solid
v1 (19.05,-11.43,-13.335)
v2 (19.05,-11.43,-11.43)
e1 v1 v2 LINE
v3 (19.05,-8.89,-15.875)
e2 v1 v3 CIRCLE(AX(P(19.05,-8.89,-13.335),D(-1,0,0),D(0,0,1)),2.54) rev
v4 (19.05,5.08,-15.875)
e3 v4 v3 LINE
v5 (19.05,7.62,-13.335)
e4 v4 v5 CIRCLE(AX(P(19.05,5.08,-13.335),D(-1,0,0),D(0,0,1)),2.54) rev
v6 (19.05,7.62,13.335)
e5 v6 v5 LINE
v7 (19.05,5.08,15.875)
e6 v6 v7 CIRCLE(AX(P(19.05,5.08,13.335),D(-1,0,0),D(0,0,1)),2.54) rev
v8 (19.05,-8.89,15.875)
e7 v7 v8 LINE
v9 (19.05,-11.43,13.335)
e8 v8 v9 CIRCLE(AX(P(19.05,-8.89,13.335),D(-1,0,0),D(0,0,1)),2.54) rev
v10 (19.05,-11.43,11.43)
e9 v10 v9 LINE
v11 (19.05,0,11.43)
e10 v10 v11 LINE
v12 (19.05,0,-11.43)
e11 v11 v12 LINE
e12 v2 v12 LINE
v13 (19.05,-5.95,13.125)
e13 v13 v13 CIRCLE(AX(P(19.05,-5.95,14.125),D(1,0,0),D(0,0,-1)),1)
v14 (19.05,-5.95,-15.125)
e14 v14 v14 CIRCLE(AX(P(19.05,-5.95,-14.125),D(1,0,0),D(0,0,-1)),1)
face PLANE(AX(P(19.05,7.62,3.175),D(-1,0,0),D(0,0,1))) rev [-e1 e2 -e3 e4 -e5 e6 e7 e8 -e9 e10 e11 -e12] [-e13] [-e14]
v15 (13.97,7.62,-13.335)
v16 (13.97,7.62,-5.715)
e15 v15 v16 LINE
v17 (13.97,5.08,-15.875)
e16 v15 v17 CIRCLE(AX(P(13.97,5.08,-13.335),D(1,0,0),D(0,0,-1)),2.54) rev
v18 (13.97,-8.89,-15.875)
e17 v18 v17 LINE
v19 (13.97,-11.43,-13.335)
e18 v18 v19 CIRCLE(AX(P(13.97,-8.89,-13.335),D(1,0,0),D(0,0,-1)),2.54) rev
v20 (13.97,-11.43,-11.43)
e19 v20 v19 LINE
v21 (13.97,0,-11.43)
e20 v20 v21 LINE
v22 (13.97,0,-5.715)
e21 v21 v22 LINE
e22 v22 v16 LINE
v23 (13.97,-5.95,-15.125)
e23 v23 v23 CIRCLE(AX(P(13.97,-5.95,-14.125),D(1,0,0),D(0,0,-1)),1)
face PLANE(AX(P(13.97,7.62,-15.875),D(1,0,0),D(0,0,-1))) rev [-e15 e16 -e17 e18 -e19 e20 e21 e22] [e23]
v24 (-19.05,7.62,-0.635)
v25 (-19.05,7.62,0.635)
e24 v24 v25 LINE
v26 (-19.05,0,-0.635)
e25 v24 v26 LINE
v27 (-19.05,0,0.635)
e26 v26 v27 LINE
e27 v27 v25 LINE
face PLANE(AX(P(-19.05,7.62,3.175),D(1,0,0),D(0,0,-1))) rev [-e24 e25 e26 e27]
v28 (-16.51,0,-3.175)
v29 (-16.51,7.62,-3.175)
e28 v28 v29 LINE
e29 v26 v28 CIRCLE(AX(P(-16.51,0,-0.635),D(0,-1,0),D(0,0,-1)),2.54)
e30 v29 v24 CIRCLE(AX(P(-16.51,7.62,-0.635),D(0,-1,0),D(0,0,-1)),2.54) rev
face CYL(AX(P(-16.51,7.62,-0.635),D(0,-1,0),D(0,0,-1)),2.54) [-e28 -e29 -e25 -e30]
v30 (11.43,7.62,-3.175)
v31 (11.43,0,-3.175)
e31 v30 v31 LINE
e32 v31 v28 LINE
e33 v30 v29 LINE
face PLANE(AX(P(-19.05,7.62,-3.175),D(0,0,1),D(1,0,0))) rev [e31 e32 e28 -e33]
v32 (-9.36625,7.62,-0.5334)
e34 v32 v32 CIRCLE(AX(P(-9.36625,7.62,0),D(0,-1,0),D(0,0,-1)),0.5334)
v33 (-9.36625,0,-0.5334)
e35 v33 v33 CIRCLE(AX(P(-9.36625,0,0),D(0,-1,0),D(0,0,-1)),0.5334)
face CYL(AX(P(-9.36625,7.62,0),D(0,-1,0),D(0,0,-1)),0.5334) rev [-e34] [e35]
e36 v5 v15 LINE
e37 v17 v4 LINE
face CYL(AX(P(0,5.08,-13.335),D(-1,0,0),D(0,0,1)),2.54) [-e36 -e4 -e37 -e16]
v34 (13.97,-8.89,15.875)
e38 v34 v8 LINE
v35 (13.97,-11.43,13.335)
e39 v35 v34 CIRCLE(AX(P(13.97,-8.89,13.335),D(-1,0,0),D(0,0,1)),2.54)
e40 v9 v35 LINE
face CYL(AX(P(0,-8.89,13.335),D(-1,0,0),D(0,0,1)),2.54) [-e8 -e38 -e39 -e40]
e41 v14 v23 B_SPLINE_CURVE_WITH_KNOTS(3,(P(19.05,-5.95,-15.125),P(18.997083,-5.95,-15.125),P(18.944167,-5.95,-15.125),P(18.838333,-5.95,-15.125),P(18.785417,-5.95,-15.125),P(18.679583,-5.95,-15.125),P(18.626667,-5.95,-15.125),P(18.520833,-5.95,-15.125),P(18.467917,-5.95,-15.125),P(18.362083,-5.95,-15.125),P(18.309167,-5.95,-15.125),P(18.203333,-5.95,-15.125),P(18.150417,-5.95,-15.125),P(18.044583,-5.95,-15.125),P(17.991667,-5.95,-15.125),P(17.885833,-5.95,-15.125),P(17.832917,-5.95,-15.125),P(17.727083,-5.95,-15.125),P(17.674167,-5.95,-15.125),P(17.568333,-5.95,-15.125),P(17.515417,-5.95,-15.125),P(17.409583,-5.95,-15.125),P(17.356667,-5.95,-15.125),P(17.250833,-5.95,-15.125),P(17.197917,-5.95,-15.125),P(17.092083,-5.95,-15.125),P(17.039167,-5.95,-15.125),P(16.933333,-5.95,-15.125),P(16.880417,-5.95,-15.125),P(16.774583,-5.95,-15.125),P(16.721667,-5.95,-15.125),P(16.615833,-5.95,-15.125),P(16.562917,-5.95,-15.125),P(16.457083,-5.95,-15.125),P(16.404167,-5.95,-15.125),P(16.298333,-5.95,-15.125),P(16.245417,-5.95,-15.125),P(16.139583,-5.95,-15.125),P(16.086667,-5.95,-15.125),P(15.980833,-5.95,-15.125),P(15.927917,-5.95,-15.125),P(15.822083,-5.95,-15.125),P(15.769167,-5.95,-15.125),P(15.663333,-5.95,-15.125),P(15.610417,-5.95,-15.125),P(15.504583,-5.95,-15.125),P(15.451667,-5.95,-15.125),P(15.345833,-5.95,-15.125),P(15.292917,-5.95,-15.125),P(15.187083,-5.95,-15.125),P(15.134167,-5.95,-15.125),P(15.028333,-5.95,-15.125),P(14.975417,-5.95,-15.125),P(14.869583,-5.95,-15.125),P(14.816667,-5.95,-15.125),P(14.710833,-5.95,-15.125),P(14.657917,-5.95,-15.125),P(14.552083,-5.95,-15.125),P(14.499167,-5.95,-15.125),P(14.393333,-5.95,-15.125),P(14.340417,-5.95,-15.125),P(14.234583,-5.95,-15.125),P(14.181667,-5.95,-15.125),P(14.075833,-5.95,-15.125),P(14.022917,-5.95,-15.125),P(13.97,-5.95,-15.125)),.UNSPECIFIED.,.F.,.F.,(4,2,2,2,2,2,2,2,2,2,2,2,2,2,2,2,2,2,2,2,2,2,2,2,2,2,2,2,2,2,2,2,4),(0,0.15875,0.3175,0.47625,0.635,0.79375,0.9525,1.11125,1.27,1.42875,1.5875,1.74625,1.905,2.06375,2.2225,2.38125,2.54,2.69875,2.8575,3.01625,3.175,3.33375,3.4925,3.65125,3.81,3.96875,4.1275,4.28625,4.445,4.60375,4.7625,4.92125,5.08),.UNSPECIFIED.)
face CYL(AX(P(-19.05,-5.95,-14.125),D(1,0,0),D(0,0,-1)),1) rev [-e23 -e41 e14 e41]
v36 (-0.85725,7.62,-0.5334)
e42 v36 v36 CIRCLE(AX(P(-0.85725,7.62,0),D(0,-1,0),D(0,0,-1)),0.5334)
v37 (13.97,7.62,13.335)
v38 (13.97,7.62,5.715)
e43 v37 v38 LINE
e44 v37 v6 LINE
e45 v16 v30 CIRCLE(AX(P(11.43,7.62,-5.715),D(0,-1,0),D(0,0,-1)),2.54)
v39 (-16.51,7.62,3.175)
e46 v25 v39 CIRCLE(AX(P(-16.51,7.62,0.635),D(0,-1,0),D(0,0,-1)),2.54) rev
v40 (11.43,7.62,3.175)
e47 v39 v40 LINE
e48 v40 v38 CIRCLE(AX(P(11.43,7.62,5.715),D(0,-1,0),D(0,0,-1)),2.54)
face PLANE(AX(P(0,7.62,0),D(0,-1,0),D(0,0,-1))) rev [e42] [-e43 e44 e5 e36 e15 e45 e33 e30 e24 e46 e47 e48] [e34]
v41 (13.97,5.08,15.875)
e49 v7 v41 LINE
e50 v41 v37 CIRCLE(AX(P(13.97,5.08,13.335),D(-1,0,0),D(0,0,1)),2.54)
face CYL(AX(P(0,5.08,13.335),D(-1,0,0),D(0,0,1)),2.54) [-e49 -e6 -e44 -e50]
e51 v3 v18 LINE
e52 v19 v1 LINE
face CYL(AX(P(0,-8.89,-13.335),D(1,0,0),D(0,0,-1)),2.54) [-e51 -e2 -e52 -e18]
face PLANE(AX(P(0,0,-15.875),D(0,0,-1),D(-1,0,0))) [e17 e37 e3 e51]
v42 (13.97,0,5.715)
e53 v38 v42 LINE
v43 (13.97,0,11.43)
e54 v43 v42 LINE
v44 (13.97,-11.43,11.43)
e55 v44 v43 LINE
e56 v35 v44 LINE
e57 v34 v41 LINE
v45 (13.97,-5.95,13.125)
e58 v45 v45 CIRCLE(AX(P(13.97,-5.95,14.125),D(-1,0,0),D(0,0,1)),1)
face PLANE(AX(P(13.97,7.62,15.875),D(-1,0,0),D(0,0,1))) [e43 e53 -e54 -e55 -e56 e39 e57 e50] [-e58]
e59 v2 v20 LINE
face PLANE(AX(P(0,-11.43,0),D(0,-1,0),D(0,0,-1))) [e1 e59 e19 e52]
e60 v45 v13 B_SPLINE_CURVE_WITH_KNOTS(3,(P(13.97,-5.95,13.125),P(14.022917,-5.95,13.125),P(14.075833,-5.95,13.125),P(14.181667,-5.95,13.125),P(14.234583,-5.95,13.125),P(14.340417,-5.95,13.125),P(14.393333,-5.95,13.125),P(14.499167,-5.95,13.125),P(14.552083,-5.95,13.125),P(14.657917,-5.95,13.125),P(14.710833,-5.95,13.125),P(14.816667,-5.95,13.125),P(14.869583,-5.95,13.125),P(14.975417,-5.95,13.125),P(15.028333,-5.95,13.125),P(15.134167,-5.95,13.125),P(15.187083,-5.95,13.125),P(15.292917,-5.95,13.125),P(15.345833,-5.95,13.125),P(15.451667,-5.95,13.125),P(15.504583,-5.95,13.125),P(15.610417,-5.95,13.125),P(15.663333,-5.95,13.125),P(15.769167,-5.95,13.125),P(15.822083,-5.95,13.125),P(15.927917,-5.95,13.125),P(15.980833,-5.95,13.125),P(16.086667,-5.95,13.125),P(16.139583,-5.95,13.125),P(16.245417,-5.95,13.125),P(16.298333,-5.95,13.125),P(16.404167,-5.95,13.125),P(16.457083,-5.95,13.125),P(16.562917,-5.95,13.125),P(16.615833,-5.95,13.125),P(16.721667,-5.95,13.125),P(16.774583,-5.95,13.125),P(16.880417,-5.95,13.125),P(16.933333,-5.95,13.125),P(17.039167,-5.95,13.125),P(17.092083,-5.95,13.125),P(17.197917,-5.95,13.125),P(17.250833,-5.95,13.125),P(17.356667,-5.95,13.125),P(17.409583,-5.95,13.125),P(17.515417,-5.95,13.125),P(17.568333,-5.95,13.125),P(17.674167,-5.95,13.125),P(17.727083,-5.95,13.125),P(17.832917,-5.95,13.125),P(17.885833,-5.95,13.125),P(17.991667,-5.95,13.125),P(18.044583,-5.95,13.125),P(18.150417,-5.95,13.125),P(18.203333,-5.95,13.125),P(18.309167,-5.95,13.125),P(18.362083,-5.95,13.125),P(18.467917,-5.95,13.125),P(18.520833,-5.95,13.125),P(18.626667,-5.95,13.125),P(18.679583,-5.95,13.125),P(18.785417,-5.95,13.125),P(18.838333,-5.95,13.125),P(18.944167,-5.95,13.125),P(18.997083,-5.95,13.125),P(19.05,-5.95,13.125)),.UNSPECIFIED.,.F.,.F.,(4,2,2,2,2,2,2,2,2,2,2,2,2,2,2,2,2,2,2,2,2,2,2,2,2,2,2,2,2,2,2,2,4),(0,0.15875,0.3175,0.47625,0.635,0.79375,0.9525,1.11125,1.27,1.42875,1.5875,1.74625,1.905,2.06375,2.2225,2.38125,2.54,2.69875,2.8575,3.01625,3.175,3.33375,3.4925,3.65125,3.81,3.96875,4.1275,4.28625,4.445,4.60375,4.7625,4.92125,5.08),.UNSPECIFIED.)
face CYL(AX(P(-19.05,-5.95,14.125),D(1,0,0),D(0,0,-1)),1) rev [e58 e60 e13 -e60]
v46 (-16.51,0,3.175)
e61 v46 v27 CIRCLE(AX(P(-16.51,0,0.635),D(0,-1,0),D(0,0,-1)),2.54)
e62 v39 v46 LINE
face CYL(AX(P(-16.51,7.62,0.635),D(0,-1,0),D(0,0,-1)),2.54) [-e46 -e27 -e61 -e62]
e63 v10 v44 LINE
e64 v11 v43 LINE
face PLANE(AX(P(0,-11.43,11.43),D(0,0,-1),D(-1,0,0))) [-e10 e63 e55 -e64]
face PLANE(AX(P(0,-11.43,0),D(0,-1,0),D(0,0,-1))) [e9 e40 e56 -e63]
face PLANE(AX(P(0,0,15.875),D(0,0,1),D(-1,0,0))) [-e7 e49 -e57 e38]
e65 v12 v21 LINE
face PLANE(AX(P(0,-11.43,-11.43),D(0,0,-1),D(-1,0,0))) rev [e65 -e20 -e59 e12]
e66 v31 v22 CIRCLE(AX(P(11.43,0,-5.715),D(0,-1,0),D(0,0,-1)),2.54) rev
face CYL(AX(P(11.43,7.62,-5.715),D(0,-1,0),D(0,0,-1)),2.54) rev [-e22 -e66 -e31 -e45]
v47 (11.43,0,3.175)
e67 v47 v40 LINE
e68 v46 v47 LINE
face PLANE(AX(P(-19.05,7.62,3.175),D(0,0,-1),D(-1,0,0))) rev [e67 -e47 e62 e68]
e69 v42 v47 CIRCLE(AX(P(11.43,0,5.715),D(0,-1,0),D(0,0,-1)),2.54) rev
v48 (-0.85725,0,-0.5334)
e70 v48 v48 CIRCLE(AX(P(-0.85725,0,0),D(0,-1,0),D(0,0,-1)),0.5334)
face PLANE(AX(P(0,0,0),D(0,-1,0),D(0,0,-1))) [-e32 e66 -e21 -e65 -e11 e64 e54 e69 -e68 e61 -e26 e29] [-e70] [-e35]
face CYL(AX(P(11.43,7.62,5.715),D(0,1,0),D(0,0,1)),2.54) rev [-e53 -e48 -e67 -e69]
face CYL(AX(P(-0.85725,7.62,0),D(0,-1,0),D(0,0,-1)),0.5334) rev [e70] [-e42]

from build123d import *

# Parameters (mm, degrees)
SKETCH2_W           = 38.1
SKETCH2_H           = 6.35
BOSS_EXTRUDE1_DEPTH = 7.62
SKETCH3_W           = 5.08
SKETCH3_H           = 7.62
BOSS_EXTRUDE2_DEPTH = 12.7
SKETCH4_W           = 5.08
SKETCH4_H           = 4.445
BOSS_EXTRUDE3_DEPTH = 11.43
CUT_EXTRUDE2_DEPTH  = 43.828384571
FILLET1_R           = 2.54
SKETCH8_R           = 0.5334
CUT_EXTRUDE4_DEPTH  = 28.305


with BuildPart() as part:
    # Sketch2 → Boss-Extrude1 (new body)
    with BuildSketch(Plane(origin=(0, 0, 0), x_dir=(1, 0, 0), z_dir=(0, 1, 0))):
        Rectangle(SKETCH2_W, SKETCH2_H)
    extrude(amount=BOSS_EXTRUDE1_DEPTH)

    # Sketch3 → Boss-Extrude2 (add)
    with BuildSketch(Plane(origin=(0, 0, -3.175), x_dir=(-1, 0, 0), z_dir=(0, 0, -1))):
        with Locations((-16.51, 3.81)):
            Rectangle(SKETCH3_W, SKETCH3_H)
    boss_extrude2 = extrude(amount=BOSS_EXTRUDE2_DEPTH)

    # Mirror1: Boss-Extrude2 across plane
    add(boss_extrude2.mirror(Plane.XY))

    # Sketch4 → Boss-Extrude3 (add)
    with BuildSketch(Plane.XZ):
        with Locations((16.51, 13.6525)):
            Rectangle(SKETCH4_W, SKETCH4_H)
        with Locations((16.51, -13.6525)):
            Rectangle(SKETCH4_W, SKETCH4_H)
    extrude(amount=BOSS_EXTRUDE3_DEPTH)

    # Sketch6 → Cut-Extrude2 (cut, through all)
    with BuildSketch(Plane(origin=(19.05, 0, 0), x_dir=(0, 0, -1), z_dir=(1, 0, 0))):
        with BuildLine():
            ThreePointArc((-14.991025404, -5.45), (-15.125, -5.95), (-14.991025404, -6.45))
            ThreePointArc((-14.991025404, -6.45), (-13.866180955, -6.915925826), (-13.125, -5.95))
            ThreePointArc((-13.125, -5.95), (-13.866180955, -4.984074174), (-14.991025404, -5.45))
        make_face()
        with BuildLine():
            ThreePointArc((15.125, -5.95), (15.090925826, -5.691180955), (14.991025404, -5.45))
            ThreePointArc((14.991025404, -5.45), (13.125, -5.95), (14.991025404, -6.45))
            ThreePointArc((14.991025404, -6.45), (15.090925826, -6.208819045), (15.125, -5.95))
        make_face()
    extrude(amount=-CUT_EXTRUDE2_DEPTH, mode=Mode.SUBTRACT)

    # Fillet1
    fillet1_edges = [part.edges().sort_by_distance(p)[0] for p in [
        (13.97, 3.81, -3.175),
        (16.51, 7.62, -15.875),
        (16.51, 7.62, 15.875),
        (13.97, 3.81, 3.175),
        (16.51, -11.43, 15.875),
        (16.51, -11.43, -15.875),
        (-19.05, 3.81, 3.175),
        (-19.05, 3.81, -3.175),
    ]]
    fillet(fillet1_edges, radius=FILLET1_R)

    # Sketch8 → Cut-Extrude4 (cut, through all)
    with BuildSketch(Plane.XZ):
        with Locations(Location((-0.85725, 0, 0), (0, 0, 270))):
            Circle(SKETCH8_R)
        with Locations(Location((-9.36625, 0, 0), (0, 0, 270))):
            Circle(SKETCH8_R)
    extrude(amount=-CUT_EXTRUDE4_DEPTH, mode=Mode.SUBTRACT)


solid = part.part
